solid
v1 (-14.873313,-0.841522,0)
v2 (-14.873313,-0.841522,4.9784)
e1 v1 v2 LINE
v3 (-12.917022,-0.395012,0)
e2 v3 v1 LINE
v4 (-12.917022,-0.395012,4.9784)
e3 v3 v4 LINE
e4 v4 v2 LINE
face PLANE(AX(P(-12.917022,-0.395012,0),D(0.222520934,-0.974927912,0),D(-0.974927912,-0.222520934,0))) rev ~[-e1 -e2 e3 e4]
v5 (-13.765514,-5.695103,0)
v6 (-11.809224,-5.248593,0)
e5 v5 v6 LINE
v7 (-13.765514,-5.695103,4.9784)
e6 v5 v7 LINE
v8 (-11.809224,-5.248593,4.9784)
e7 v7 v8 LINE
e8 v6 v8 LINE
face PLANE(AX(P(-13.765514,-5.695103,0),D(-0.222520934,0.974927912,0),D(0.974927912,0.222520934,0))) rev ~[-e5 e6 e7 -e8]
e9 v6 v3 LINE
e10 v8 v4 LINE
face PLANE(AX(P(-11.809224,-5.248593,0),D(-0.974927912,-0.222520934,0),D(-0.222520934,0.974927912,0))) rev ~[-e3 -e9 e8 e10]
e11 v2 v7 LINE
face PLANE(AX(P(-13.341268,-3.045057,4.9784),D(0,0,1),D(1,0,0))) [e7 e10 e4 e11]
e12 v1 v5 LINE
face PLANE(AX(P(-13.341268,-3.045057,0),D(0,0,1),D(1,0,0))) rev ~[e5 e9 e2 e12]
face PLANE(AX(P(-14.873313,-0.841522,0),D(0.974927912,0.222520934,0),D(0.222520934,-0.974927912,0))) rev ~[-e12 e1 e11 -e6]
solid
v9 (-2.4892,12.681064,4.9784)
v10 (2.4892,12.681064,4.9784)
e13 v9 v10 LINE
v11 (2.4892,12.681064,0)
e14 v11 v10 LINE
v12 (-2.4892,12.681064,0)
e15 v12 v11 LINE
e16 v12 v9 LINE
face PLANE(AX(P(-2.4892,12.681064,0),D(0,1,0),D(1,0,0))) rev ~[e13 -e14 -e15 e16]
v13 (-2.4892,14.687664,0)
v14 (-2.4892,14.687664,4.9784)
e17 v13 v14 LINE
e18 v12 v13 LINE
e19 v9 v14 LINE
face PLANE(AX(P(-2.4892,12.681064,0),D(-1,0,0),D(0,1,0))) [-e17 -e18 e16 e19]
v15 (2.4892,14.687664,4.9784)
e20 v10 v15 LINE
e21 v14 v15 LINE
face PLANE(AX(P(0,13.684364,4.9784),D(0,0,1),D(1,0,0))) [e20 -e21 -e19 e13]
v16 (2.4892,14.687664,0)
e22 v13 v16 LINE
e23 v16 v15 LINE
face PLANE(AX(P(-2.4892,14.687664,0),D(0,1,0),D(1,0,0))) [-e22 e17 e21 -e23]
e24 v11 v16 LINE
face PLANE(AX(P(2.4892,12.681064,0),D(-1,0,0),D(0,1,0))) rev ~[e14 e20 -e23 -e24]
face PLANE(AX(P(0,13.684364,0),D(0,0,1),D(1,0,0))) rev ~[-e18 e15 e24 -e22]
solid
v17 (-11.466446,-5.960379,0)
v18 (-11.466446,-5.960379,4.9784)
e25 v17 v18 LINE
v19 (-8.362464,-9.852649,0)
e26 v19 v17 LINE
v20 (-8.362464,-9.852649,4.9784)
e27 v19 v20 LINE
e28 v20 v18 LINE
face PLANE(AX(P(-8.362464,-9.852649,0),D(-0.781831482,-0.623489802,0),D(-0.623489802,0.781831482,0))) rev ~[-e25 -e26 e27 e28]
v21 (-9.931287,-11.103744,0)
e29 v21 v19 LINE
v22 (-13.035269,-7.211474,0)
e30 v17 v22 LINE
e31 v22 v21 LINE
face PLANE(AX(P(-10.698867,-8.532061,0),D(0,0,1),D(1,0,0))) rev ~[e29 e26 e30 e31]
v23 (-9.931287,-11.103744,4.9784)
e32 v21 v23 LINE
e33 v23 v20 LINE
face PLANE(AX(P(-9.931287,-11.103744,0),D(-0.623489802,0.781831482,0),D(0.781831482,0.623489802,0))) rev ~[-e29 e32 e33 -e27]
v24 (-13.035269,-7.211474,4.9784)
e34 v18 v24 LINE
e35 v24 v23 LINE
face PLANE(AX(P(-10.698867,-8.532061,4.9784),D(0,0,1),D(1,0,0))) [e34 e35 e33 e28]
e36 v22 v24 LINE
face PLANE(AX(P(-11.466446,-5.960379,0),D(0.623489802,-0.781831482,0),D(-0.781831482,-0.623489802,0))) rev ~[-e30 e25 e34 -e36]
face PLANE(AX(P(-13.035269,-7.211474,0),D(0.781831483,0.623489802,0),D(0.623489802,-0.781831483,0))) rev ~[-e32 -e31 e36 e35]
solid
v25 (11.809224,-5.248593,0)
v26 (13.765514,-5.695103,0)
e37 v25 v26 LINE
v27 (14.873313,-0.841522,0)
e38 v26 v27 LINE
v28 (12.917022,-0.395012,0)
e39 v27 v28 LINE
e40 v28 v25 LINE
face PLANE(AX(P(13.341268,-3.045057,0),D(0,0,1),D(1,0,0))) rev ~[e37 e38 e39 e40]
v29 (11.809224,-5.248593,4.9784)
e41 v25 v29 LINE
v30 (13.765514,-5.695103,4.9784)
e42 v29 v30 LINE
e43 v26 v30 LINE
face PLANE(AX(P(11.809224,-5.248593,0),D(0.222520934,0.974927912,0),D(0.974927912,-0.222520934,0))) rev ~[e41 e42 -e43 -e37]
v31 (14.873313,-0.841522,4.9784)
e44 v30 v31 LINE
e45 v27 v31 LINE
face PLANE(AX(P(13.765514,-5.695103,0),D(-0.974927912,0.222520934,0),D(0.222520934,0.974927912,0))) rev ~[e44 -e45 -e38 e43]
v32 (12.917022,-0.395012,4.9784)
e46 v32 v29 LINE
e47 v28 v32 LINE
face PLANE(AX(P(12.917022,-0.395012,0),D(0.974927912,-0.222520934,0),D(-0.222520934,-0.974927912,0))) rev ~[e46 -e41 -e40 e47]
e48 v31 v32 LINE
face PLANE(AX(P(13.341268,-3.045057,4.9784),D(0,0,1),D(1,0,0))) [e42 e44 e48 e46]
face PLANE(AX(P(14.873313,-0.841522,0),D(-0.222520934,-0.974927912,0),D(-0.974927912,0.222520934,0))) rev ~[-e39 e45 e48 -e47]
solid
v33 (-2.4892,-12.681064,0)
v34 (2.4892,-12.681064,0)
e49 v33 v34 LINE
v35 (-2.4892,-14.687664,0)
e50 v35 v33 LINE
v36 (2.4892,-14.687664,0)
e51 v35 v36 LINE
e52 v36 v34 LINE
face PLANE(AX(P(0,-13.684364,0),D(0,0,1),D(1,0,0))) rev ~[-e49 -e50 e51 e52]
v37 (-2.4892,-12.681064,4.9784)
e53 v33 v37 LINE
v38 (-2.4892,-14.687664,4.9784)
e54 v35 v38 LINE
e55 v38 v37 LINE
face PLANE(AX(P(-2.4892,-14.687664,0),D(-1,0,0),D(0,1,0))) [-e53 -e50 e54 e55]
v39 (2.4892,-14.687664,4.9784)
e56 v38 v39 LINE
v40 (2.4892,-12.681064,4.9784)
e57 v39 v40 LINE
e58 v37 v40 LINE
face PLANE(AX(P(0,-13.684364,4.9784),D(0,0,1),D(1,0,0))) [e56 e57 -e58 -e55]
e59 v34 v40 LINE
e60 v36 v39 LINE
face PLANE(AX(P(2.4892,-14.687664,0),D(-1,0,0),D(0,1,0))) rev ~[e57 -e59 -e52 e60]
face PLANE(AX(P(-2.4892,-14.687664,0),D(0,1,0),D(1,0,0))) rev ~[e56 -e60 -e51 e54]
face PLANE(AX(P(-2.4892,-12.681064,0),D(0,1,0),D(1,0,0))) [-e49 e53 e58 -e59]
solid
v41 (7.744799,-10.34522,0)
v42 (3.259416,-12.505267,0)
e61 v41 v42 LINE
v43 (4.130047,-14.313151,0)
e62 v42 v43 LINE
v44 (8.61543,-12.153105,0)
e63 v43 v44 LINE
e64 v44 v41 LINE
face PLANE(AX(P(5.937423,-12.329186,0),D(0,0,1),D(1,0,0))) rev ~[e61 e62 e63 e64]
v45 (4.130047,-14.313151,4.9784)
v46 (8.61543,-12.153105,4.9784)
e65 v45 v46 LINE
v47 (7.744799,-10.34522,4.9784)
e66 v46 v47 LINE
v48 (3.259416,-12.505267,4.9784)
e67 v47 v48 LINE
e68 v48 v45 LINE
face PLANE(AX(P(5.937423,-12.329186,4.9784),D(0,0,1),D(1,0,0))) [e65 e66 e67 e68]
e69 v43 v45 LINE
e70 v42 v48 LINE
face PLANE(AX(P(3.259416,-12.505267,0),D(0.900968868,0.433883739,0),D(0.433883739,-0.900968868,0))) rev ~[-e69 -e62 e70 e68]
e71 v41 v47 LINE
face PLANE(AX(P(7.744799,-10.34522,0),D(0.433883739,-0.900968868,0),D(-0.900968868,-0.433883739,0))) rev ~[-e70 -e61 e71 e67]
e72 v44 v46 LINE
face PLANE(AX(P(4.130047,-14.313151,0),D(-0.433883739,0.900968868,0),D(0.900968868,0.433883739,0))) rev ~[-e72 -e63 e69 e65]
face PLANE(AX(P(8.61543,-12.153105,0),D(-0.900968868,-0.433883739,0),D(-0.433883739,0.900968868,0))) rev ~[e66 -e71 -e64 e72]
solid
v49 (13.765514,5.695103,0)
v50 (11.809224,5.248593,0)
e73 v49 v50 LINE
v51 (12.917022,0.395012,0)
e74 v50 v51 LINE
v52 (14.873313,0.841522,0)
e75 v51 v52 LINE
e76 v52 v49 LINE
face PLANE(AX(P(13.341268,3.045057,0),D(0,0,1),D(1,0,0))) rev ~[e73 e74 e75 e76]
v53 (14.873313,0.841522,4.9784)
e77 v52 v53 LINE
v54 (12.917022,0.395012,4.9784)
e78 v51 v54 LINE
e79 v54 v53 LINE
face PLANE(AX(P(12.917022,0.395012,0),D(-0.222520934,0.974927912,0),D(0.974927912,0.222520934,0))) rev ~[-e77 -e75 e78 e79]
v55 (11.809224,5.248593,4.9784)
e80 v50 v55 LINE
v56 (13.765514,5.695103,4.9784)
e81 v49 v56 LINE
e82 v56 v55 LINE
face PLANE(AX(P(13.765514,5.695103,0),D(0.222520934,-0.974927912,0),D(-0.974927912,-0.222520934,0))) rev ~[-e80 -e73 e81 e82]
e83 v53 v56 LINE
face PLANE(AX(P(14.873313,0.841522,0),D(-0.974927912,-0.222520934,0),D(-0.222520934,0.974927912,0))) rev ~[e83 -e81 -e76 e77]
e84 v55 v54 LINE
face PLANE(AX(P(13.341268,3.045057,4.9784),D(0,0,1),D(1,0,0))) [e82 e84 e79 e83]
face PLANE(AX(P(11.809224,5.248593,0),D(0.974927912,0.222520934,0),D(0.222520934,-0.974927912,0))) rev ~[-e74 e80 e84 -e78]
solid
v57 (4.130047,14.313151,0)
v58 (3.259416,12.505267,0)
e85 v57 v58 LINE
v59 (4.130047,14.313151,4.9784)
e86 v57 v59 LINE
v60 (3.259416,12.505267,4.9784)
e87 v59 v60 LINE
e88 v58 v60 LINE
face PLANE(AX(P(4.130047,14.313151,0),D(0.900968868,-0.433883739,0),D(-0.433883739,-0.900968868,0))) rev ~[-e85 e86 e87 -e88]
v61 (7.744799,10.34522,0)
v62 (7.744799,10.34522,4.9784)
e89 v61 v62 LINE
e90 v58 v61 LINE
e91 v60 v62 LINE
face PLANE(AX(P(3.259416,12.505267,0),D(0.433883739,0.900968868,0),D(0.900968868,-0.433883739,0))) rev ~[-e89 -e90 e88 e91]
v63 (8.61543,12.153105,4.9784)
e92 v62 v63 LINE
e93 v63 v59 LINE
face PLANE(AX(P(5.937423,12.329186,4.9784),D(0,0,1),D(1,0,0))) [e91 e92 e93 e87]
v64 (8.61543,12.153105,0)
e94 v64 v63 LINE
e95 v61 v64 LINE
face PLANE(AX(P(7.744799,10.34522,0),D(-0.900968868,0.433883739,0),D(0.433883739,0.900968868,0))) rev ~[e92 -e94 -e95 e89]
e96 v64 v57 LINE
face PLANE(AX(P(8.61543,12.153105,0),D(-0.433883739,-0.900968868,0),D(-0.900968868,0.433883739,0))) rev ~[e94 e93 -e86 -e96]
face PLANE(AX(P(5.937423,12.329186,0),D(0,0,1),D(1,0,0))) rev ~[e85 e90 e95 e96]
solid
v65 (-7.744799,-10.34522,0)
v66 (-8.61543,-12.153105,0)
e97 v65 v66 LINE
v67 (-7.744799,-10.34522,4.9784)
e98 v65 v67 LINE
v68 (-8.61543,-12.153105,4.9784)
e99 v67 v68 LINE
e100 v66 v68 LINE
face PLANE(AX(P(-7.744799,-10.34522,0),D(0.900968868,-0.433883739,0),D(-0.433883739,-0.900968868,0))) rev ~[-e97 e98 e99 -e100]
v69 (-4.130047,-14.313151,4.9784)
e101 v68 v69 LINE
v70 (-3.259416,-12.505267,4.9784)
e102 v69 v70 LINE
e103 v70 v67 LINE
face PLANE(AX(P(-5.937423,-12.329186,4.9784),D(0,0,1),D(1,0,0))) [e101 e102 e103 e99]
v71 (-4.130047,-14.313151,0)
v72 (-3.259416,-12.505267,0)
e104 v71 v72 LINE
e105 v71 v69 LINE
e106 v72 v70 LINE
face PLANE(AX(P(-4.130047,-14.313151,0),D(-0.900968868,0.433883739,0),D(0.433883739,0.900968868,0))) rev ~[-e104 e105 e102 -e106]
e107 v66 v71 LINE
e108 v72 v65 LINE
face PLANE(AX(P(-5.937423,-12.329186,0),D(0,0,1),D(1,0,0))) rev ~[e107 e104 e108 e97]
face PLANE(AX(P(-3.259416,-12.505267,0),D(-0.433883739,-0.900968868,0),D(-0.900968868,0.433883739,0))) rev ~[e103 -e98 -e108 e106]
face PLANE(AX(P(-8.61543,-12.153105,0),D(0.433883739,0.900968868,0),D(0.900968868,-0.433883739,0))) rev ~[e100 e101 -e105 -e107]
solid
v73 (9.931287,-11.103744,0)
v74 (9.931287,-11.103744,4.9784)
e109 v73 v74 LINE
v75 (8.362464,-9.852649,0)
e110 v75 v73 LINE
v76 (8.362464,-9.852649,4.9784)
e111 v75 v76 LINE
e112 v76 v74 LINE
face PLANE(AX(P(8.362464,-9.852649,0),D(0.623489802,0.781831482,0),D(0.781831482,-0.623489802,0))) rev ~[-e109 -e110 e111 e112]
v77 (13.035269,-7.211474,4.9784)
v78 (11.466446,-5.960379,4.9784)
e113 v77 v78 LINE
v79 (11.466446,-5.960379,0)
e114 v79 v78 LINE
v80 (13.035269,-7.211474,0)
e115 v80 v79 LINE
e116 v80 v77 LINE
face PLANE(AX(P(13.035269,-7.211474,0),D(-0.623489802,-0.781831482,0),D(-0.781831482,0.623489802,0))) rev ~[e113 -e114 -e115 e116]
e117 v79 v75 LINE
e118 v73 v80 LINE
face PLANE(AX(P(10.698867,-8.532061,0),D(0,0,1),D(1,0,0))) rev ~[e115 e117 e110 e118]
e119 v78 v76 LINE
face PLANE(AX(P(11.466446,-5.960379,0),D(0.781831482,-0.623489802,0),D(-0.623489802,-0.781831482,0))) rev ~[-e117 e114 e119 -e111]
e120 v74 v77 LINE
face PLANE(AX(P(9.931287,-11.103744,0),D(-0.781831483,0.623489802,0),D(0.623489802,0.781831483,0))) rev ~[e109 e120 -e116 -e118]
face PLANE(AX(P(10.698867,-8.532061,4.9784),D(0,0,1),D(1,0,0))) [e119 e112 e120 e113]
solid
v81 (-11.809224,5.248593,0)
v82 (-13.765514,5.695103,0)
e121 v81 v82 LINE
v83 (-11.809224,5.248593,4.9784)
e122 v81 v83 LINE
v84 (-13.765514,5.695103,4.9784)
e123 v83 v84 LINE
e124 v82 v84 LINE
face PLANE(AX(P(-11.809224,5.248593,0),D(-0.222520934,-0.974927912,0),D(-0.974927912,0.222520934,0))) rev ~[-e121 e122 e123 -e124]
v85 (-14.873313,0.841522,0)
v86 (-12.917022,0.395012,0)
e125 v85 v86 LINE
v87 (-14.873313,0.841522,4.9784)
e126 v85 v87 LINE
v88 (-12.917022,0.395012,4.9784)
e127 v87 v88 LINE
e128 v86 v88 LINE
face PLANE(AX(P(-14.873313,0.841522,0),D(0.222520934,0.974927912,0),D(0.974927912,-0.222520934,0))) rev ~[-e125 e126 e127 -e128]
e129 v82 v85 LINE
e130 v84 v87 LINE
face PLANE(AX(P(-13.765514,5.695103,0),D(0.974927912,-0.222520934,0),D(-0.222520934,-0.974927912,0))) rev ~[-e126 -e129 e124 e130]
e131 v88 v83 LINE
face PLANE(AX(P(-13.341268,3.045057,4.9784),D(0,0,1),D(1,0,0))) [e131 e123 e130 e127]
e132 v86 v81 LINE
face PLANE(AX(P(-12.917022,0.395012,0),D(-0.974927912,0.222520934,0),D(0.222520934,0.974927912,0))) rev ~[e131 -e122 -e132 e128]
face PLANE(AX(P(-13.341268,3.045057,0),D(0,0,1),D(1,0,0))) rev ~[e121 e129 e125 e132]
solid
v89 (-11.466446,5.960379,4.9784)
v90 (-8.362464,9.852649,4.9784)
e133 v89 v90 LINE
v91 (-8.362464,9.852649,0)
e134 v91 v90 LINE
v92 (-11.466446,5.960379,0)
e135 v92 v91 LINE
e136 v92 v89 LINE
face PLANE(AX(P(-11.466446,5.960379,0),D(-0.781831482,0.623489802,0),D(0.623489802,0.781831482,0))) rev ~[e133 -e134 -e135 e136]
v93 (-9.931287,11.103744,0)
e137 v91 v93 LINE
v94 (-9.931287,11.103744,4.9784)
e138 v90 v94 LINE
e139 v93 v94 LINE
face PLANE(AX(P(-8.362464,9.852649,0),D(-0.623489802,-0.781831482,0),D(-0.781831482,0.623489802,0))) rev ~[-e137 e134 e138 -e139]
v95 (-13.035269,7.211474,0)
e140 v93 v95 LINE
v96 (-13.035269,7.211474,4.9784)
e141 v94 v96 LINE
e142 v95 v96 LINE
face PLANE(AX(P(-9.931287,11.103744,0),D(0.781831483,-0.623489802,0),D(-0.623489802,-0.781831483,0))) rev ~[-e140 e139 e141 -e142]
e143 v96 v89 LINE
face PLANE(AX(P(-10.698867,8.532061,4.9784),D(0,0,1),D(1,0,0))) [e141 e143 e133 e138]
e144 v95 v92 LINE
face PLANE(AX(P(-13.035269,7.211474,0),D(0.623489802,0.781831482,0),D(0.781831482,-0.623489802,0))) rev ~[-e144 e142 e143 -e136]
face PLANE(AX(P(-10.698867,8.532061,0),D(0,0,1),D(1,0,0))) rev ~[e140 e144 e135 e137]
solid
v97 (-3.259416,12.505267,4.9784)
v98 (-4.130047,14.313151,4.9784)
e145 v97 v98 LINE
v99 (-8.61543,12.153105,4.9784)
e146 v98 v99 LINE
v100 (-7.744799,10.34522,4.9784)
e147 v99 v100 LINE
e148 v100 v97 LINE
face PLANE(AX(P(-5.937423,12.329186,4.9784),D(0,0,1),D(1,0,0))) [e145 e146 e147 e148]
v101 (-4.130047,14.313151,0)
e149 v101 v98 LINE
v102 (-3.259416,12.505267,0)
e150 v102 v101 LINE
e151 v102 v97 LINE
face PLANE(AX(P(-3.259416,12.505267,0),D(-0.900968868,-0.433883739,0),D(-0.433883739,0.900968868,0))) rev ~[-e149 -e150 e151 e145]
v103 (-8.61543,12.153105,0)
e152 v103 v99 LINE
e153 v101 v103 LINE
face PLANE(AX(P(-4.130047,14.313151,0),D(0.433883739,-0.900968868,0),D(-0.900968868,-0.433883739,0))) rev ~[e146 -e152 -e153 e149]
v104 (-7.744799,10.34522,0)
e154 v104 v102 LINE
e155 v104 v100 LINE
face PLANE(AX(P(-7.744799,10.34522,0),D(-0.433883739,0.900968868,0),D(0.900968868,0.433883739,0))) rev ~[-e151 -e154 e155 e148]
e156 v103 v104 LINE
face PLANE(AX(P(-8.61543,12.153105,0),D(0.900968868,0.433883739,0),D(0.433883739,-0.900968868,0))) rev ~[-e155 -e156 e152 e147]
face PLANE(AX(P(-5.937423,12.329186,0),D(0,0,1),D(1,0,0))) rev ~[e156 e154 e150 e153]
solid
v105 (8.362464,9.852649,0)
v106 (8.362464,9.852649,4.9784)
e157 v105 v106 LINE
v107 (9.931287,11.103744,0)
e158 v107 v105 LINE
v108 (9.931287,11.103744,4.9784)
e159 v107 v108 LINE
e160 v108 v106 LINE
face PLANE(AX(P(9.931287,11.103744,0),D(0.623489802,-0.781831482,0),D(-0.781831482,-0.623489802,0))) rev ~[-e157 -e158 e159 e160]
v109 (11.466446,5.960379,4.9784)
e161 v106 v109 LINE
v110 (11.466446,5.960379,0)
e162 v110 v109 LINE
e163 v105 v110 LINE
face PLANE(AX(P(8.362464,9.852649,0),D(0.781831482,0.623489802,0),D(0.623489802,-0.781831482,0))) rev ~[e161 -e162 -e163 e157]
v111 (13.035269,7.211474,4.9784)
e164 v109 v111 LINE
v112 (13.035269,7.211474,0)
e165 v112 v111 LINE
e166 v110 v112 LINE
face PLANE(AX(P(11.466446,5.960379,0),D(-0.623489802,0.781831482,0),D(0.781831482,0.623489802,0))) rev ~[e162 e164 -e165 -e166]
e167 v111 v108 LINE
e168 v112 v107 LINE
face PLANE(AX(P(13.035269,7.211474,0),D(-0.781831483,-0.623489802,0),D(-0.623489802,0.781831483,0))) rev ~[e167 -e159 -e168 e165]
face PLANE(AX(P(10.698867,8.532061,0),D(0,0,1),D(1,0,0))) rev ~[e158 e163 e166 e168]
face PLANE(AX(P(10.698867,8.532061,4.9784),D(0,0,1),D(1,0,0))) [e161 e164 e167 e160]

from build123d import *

# Parameters (mm, degrees)
EXTRUDE3_DEPTH    = 4.9784
SKETCH1_W         = 4.9784
SKETCH1_H         = 2.0066
EXTRUDE3_2_DEPTH  = 4.9784
EXTRUDE3_3_DEPTH  = 4.9784
EXTRUDE3_4_DEPTH  = 4.9784
EXTRUDE3_5_DEPTH  = 4.9784
EXTRUDE3_6_DEPTH  = 4.9784
EXTRUDE3_7_DEPTH  = 4.9784
EXTRUDE3_8_DEPTH  = 4.9784
EXTRUDE3_9_DEPTH  = 4.9784
EXTRUDE3_10_DEPTH = 4.9784
EXTRUDE3_11_DEPTH = 4.9784
EXTRUDE3_12_DEPTH = 4.9784
EXTRUDE3_13_DEPTH = 4.9784
EXTRUDE3_14_DEPTH = 4.9784


with BuildPart() as part:
    # Sketch1 → Extrude3 (new body)
    with BuildSketch(Plane.XY):
        Polygon((3.259415729, 12.505267218), (7.744799141, 10.345220411), (8.615430252, 12.153104541), (4.13004684, 14.313151348), align=None)
    extrude(amount=EXTRUDE3_DEPTH)


with BuildPart() as body_2:
    # Sketch1 → Extrude3 2 (new body)
    with BuildSketch(Plane.XY):
        with Locations((0, 13.684363932)):
            Rectangle(SKETCH1_W, SKETCH1_H)
    extrude(amount=EXTRUDE3_2_DEPTH)


with BuildPart() as body_3:
    # Sketch1 → Extrude3 3 (new body)
    with BuildSketch(Plane.XY):
        Polygon((8.362464198, 9.852648964), (11.466445828, 5.960379112), (13.03526888, 7.211473748), (9.931287251, 11.103743601), align=None)
    extrude(amount=EXTRUDE3_3_DEPTH)


with BuildPart() as body_4:
    # Sketch1 → Extrude3 4 (new body)
    with BuildSketch(Plane.XY):
        Polygon((11.809224074, 5.248592749), (12.917022292, 0.395011631), (14.873312641, 0.841522137), (13.765514423, 5.695103255), align=None)
    extrude(amount=EXTRUDE3_4_DEPTH)


with BuildPart() as body_5:
    # Sketch1 → Extrude3 5 (new body)
    with BuildSketch(Plane.XY):
        Polygon((12.917022292, -0.395011631), (11.809224074, -5.248592749), (13.765514423, -5.695103255), (14.873312641, -0.841522137), align=None)
    extrude(amount=EXTRUDE3_5_DEPTH)


with BuildPart() as body_6:
    # Sketch1 → Extrude3 6 (new body)
    with BuildSketch(Plane.XY):
        Polygon((11.466445828, -5.960379112), (8.362464198, -9.852648964), (9.931287251, -11.103743601), (13.03526888, -7.211473748), align=None)
    extrude(amount=EXTRUDE3_6_DEPTH)


with BuildPart() as body_7:
    # Sketch1 → Extrude3 7 (new body)
    with BuildSketch(Plane.XY):
        Polygon((7.744799141, -10.345220411), (3.259415729, -12.505267218), (4.13004684, -14.313151348), (8.615430252, -12.153104541), align=None)
    extrude(amount=EXTRUDE3_7_DEPTH)


with BuildPart() as body_8:
    # Sketch1 → Extrude3 8 (new body)
    with BuildSketch(Plane.XY):
        with Locations((0, -13.684363932)):
            Rectangle(SKETCH1_W, SKETCH1_H)
    extrude(amount=EXTRUDE3_8_DEPTH)


with BuildPart() as body_9:
    # Sketch1 → Extrude3 9 (new body)
    with BuildSketch(Plane.XY):
        Polygon((-3.259415729, -12.505267218), (-7.744799141, -10.345220411), (-8.615430252, -12.153104541), (-4.13004684, -14.313151348), align=None)
    extrude(amount=EXTRUDE3_9_DEPTH)


with BuildPart() as body_10:
    # Sketch1 → Extrude3 10 (new body)
    with BuildSketch(Plane.XY):
        Polygon((-8.362464198, -9.852648964), (-11.466445828, -5.960379112), (-13.03526888, -7.211473748), (-9.931287251, -11.103743601), align=None)
    extrude(amount=EXTRUDE3_10_DEPTH)


with BuildPart() as body_11:
    # Sketch1 → Extrude3 11 (new body)
    with BuildSketch(Plane.XY):
        Polygon((-11.809224074, -5.248592749), (-12.917022292, -0.395011631), (-14.873312641, -0.841522137), (-13.765514423, -5.695103255), align=None)
    extrude(amount=EXTRUDE3_11_DEPTH)


with BuildPart() as body_12:
    # Sketch1 → Extrude3 12 (new body)
    with BuildSketch(Plane.XY):
        Polygon((-12.917022292, 0.395011631), (-11.809224074, 5.248592749), (-13.765514423, 5.695103255), (-14.873312641, 0.841522137), align=None)
    extrude(amount=EXTRUDE3_12_DEPTH)


with BuildPart() as body_13:
    # Sketch1 → Extrude3 13 (new body)
    with BuildSketch(Plane.XY):
        Polygon((-11.466445828, 5.960379112), (-8.362464198, 9.852648964), (-9.931287251, 11.103743601), (-13.03526888, 7.211473748), align=None)
    extrude(amount=EXTRUDE3_13_DEPTH)


with BuildPart() as body_14:
    # Sketch1 → Extrude3 14 (new body)
    with BuildSketch(Plane.XY):
        Polygon((-7.744799141, 10.345220411), (-3.259415729, 12.505267218), (-4.13004684, 14.313151348), (-8.615430252, 12.153104541), align=None)
    extrude(amount=EXTRUDE3_14_DEPTH)


solid = Compound([part.part, body_2.part, body_3.part, body_4.part, body_5.part, body_6.part, body_7.part, body_8.part, body_9.part, body_10.part, body_11.part, body_12.part, body_13.part, body_14.part])
